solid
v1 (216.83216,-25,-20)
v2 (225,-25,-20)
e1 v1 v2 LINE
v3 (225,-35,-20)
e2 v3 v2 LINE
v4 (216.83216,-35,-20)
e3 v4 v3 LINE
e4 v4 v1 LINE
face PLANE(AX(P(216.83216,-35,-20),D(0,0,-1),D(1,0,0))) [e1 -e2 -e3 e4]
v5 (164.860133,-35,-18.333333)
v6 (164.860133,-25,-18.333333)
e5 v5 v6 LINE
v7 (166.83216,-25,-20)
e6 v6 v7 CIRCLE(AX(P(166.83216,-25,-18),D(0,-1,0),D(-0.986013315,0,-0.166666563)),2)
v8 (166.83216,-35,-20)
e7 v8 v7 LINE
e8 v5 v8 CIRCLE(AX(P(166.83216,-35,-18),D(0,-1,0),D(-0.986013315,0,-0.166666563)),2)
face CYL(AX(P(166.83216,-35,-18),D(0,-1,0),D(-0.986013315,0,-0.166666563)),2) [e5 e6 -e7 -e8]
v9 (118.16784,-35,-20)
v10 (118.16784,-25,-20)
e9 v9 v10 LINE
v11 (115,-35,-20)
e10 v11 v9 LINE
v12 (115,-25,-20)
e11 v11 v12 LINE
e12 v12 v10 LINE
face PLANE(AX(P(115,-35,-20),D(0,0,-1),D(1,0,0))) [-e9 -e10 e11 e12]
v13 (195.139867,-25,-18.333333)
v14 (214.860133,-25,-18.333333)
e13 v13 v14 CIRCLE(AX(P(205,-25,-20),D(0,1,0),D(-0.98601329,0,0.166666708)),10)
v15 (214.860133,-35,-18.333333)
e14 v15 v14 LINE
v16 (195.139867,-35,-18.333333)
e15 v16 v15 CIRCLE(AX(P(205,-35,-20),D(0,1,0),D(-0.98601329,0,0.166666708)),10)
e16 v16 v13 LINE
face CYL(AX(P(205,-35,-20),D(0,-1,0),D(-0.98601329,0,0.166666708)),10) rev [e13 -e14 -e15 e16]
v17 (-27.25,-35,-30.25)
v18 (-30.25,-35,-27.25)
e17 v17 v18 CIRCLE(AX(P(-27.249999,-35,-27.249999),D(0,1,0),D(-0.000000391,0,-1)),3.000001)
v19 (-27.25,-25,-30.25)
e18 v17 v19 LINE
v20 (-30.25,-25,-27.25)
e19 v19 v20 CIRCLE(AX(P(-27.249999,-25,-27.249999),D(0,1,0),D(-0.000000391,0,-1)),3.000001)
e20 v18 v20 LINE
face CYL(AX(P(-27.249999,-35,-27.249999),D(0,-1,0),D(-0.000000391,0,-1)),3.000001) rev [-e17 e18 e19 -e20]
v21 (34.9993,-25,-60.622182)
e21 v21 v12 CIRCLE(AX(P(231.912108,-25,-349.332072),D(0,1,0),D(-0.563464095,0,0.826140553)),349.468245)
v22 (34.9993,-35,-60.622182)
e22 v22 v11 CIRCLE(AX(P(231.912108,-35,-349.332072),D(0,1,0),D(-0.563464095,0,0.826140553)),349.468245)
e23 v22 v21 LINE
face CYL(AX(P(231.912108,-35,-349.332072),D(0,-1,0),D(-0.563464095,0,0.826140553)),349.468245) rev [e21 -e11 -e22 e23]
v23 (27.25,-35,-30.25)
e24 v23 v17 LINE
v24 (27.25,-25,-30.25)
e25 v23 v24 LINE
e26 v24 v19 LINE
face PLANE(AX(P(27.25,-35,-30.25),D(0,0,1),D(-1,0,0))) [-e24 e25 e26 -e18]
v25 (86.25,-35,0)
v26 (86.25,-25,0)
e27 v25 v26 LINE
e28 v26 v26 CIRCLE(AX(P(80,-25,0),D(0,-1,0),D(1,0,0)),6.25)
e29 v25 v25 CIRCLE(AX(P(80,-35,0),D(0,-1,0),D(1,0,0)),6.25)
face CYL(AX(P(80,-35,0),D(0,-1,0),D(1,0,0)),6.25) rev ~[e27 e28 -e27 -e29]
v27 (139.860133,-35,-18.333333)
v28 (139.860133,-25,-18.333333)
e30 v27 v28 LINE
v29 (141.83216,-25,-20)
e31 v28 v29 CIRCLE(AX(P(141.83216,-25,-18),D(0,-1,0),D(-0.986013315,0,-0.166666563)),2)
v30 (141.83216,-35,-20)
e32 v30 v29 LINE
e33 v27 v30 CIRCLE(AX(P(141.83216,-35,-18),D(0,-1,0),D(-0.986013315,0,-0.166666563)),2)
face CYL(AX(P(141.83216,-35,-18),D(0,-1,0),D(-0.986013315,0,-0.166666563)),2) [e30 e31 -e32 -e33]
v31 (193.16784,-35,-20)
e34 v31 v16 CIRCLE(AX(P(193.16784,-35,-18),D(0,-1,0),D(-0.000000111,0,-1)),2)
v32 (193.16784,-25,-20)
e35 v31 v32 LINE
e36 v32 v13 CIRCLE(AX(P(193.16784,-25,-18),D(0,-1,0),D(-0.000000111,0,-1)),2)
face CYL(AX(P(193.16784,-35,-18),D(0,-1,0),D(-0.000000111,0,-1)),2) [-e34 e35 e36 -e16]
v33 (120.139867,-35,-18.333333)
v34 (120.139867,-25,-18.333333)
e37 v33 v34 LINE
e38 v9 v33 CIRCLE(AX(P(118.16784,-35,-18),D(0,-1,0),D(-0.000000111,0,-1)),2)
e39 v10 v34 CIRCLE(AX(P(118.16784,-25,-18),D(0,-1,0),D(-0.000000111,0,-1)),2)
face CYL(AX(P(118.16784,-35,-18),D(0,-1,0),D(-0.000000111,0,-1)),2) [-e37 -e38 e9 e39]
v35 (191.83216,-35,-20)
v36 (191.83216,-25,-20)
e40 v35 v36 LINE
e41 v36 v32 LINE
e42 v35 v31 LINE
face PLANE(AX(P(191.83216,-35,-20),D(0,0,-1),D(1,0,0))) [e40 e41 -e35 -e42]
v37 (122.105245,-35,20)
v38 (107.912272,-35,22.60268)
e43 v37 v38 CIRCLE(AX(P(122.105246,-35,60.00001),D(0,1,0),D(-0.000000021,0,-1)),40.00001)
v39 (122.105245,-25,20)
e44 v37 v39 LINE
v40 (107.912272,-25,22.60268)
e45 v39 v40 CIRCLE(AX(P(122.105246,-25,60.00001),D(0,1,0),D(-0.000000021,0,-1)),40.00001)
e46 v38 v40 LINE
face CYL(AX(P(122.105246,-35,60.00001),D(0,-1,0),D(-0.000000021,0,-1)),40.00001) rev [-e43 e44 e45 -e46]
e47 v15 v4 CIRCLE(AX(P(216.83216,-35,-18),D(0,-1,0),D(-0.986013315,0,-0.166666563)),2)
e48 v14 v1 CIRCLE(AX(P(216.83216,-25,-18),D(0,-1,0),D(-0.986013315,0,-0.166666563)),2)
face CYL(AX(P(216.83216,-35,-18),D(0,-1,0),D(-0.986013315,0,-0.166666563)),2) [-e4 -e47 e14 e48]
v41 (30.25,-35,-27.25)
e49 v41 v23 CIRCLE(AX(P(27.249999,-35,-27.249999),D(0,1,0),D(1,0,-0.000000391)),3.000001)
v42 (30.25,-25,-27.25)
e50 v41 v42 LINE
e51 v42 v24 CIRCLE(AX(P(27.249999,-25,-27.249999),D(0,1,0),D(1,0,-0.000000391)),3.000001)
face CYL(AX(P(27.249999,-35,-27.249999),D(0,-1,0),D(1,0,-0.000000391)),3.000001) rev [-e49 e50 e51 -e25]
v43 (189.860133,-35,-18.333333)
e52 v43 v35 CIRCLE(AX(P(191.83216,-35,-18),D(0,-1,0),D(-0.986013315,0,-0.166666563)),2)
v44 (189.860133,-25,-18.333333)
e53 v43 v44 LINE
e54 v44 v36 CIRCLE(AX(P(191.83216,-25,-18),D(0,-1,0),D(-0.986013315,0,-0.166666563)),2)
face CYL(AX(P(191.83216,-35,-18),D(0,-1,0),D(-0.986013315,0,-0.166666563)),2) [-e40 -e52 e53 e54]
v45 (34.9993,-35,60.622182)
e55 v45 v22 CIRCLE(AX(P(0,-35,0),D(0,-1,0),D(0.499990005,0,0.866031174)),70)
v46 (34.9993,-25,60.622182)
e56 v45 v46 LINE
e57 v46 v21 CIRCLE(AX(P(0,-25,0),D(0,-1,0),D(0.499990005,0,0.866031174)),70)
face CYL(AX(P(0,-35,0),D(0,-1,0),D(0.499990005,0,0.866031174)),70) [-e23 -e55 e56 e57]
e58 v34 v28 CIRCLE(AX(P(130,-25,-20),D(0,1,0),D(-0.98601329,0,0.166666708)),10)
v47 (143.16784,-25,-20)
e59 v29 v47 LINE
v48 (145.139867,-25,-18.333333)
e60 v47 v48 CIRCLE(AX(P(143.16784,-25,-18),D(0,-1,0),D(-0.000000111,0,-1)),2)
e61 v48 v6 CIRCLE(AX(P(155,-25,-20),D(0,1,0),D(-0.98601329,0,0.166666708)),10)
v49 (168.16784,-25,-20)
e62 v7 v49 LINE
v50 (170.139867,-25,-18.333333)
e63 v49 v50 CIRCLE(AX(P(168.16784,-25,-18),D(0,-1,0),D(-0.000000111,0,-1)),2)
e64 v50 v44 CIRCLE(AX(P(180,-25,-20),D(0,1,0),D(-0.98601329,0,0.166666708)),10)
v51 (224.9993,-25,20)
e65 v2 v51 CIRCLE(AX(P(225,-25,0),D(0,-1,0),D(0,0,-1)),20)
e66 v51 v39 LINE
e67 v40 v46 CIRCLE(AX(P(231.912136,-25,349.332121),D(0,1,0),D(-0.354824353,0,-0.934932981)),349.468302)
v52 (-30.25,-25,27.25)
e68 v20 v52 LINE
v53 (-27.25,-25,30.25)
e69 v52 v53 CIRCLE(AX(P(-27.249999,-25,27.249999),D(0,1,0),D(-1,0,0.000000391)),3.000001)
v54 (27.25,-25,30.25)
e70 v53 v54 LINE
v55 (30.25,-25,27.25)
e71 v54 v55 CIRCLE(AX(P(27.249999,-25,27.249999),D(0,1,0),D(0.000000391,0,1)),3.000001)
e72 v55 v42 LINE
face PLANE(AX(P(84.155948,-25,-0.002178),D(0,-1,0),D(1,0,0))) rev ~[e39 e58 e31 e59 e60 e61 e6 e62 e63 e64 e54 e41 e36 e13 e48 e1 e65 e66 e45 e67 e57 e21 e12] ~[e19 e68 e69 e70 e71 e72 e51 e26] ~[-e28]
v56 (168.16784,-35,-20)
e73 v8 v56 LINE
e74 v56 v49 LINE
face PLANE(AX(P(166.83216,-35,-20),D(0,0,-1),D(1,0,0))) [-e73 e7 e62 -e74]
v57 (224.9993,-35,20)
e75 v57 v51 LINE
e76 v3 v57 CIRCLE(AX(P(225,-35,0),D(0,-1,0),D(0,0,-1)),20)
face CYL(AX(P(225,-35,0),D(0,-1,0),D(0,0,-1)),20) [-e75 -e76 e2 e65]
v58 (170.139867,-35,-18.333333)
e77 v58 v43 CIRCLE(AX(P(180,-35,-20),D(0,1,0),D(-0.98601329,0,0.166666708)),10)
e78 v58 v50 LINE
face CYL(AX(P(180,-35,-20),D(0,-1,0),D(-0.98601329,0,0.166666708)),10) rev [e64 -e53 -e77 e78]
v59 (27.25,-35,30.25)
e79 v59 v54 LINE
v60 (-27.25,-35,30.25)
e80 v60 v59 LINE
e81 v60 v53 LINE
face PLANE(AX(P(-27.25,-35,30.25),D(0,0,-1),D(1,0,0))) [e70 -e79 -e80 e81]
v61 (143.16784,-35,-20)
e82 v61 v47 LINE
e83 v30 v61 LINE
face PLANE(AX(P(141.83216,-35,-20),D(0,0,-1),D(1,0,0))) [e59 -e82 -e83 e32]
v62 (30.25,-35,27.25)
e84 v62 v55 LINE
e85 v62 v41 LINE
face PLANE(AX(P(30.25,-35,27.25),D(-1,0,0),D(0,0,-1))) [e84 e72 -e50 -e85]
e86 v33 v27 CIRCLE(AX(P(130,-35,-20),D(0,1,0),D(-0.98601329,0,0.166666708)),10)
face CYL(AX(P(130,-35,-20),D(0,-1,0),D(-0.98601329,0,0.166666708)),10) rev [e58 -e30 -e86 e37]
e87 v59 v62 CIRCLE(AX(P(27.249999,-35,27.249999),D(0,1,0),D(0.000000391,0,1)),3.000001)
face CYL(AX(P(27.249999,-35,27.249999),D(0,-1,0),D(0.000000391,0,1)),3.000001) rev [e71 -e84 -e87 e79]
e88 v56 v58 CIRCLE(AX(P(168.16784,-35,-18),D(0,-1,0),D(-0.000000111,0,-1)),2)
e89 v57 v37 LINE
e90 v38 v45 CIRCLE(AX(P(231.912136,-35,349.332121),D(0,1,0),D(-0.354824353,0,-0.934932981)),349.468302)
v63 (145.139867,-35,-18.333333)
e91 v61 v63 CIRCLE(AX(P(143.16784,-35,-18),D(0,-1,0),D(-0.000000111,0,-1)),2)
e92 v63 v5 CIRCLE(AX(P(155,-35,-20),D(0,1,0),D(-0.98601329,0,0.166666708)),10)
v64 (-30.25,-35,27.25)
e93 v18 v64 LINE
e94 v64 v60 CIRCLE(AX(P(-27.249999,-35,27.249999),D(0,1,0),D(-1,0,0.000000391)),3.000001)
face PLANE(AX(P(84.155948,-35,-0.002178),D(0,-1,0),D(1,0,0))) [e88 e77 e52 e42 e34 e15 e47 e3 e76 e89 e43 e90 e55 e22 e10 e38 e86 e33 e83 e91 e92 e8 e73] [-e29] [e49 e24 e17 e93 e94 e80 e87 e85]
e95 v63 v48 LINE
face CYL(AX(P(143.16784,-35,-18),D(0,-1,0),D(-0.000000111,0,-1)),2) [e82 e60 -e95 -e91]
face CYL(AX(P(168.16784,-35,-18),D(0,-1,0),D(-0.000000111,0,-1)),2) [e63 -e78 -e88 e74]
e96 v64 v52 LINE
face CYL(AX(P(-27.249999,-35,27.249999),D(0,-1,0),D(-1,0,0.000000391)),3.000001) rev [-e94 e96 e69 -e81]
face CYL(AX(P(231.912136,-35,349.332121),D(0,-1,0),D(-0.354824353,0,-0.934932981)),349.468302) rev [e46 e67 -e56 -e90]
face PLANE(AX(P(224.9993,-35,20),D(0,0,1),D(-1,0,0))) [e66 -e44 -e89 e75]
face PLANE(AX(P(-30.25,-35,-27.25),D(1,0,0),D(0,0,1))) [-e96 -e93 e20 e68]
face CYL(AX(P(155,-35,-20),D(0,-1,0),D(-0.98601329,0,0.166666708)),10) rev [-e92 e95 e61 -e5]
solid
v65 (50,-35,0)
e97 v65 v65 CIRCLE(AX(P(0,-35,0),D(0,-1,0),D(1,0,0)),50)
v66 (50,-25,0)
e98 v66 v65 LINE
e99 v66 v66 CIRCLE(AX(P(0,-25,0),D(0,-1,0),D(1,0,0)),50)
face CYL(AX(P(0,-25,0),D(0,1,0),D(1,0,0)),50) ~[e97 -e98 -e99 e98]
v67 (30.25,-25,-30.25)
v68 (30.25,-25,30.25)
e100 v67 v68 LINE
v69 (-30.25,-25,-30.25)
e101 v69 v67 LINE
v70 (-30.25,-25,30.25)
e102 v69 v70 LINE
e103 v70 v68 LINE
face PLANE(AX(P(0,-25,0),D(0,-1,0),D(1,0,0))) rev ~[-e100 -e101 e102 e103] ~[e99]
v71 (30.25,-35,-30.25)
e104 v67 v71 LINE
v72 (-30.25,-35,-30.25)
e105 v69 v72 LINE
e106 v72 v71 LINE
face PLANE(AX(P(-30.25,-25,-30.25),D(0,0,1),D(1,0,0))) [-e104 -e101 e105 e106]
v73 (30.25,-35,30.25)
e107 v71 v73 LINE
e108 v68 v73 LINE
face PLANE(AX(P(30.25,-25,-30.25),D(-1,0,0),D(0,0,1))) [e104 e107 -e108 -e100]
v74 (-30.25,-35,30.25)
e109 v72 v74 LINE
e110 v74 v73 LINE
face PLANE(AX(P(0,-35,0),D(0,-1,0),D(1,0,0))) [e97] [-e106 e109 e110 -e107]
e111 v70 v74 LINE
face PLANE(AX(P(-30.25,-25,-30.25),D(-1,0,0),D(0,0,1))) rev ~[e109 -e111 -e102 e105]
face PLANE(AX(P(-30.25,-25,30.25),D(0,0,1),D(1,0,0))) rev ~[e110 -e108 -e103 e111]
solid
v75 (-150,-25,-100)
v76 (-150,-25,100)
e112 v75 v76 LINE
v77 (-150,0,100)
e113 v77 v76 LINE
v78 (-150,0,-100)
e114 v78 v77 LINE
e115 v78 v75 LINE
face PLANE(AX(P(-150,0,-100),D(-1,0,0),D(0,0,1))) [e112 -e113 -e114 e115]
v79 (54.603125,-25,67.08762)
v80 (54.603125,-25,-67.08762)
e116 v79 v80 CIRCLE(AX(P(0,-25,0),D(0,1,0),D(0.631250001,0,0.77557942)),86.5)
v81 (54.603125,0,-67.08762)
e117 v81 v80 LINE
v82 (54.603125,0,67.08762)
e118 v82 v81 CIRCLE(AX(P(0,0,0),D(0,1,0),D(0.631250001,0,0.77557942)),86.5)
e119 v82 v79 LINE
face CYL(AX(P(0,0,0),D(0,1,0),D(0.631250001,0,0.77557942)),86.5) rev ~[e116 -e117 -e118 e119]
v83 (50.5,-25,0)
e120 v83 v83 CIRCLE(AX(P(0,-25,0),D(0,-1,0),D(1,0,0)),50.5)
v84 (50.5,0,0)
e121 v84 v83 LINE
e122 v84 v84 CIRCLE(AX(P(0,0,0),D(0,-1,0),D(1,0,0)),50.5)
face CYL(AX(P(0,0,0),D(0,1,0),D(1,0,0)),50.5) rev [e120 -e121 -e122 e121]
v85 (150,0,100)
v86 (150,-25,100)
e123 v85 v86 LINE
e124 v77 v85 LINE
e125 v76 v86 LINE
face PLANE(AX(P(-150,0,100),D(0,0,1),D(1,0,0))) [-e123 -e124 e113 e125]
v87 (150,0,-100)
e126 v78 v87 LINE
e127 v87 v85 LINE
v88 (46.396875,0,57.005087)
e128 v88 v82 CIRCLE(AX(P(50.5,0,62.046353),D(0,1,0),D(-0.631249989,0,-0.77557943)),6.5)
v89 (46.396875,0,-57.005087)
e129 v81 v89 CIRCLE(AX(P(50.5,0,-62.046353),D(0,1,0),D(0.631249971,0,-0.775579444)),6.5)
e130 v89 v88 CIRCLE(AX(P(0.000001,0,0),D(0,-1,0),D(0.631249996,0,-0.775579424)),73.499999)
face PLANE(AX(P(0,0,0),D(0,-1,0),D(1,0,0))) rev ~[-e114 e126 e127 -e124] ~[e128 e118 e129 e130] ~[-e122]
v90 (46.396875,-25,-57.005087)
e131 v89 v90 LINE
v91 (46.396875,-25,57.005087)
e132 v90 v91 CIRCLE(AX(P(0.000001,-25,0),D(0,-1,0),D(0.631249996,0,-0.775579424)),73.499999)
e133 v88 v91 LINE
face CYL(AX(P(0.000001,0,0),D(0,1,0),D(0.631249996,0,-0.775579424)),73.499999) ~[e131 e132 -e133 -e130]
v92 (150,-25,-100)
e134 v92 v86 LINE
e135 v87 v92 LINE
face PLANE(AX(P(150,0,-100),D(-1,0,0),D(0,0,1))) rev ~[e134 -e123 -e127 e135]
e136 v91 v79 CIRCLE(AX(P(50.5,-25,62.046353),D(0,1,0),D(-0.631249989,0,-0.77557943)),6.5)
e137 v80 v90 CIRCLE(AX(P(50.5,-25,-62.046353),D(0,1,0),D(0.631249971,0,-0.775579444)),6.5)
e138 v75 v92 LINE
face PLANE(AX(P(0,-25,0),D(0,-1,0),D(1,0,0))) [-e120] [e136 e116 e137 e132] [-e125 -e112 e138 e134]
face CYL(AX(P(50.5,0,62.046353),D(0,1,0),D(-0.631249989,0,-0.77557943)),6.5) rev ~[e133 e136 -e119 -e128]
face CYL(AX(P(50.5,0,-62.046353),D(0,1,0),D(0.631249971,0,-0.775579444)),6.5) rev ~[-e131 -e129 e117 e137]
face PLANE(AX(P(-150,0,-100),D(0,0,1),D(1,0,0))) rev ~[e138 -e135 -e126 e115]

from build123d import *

# Parameters (mm, degrees)
F0_W     = 300
F0_H     = 200
F0_R     = 50.5
F1_DEPTH = 25
F2_R     = 50
F2_W     = 60.5
F2_H     = 60.5
F3_DEPTH = 10
F4_R     = 6.25
F5_DEPTH = 10


with BuildPart() as f1:
    # F0 (on Front) → F1 (new body)
    with BuildSketch(Plane.XZ):
        Rectangle(F0_W, F0_H)
        Circle(F0_R, mode=Mode.SUBTRACT)
        with BuildLine():
            ThreePointArc((54.603125, 67.08762), (86.5, 0), (54.603125, -67.08762))
            ThreePointArc((54.603125, -67.08762), (45.458734, -66.149479), (46.396875, -57.005087))
            ThreePointArc((46.396875, -57.005087), (73.5, 0), (46.396875, 57.005087))
            ThreePointArc((46.396875, 57.005087), (45.458734, 66.149479), (54.603125, 67.08762))
        make_face(mode=Mode.SUBTRACT)
    extrude(amount=F1_DEPTH)


with BuildPart() as f3:
    # F2 (on face) → F3 (new body)
    with BuildSketch(Plane.XZ.offset(25)):
        Circle(F2_R)
        Rectangle(F2_W, F2_H, mode=Mode.SUBTRACT)
    extrude(amount=F3_DEPTH)


with BuildPart() as f5:
    # F4 (on face) → F5 (new body)
    with BuildSketch(Plane.XZ.offset(35)):
        with BuildLine():
            Line((216.83216, -20), (225, -20))
            ThreePointArc((225, -20), (245, 0.00035), (224.9993, 20))
            Line((224.9993, 20), (122.105245, 20))
            ThreePointArc((122.105245, 20), (114.890427, 20.65605), (107.912272, 22.60268))
            ThreePointArc((107.912272, 22.60268), (70.333638, 39.460401), (34.9993, 60.622182))
            ThreePointArc((34.9993, 60.622182), (-70, 0), (34.9993, -60.622182))
            ThreePointArc((34.9993, -60.622182), (73.690555, -37.732979), (115, -20))
            Line((115, -20), (118.16784, -20))
            ThreePointArc((118.16784, -20), (119.458835, -19.527525), (120.139867, -18.333333))
            ThreePointArc((120.139867, -18.333333), (130, -10), (139.860133, -18.333333))
            ThreePointArc((139.860133, -18.333333), (140.541165, -19.527525), (141.83216, -20))
            Line((141.83216, -20), (143.16784, -20))
            ThreePointArc((143.16784, -20), (144.458835, -19.527525), (145.139867, -18.333333))
            ThreePointArc((145.139867, -18.333333), (155, -10), (164.860133, -18.333333))
            ThreePointArc((164.860133, -18.333333), (165.541165, -19.527525), (166.83216, -20))
            Line((166.83216, -20), (168.16784, -20))
            ThreePointArc((168.16784, -20), (169.458835, -19.527525), (170.139867, -18.333333))
            ThreePointArc((170.139867, -18.333333), (180, -10), (189.860133, -18.333333))
            ThreePointArc((189.860133, -18.333333), (190.541165, -19.527525), (191.83216, -20))
            Line((191.83216, -20), (193.16784, -20))
            ThreePointArc((193.16784, -20), (194.458835, -19.527525), (195.139867, -18.333333))
            ThreePointArc((195.139867, -18.333333), (205, -10), (214.860133, -18.333333))
            ThreePointArc((214.860133, -18.333333), (215.541165, -19.527525), (216.83216, -20))
        make_face()
        with BuildLine():
            Line((-27.25, 30.25), (27.25, 30.25))
            ThreePointArc((27.25, 30.25), (29.37132, 29.37132), (30.25, 27.25))
            Line((30.25, 27.25), (30.25, -27.25))
            ThreePointArc((30.25, -27.25), (29.37132, -29.37132), (27.25, -30.25))
            Line((27.25, -30.25), (-27.25, -30.25))
            ThreePointArc((-27.25, -30.25), (-29.37132, -29.37132), (-30.25, -27.25))
            Line((-30.25, -27.25), (-30.25, 27.25))
            ThreePointArc((-30.25, 27.25), (-29.37132, 29.37132), (-27.25, 30.25))
        make_face(mode=Mode.SUBTRACT)
        with Locations((80, 0)):
            Circle(F4_R, mode=Mode.SUBTRACT)
    extrude(amount=-F5_DEPTH)


solid = Compound([f1.part, f3.part, f5.part])
